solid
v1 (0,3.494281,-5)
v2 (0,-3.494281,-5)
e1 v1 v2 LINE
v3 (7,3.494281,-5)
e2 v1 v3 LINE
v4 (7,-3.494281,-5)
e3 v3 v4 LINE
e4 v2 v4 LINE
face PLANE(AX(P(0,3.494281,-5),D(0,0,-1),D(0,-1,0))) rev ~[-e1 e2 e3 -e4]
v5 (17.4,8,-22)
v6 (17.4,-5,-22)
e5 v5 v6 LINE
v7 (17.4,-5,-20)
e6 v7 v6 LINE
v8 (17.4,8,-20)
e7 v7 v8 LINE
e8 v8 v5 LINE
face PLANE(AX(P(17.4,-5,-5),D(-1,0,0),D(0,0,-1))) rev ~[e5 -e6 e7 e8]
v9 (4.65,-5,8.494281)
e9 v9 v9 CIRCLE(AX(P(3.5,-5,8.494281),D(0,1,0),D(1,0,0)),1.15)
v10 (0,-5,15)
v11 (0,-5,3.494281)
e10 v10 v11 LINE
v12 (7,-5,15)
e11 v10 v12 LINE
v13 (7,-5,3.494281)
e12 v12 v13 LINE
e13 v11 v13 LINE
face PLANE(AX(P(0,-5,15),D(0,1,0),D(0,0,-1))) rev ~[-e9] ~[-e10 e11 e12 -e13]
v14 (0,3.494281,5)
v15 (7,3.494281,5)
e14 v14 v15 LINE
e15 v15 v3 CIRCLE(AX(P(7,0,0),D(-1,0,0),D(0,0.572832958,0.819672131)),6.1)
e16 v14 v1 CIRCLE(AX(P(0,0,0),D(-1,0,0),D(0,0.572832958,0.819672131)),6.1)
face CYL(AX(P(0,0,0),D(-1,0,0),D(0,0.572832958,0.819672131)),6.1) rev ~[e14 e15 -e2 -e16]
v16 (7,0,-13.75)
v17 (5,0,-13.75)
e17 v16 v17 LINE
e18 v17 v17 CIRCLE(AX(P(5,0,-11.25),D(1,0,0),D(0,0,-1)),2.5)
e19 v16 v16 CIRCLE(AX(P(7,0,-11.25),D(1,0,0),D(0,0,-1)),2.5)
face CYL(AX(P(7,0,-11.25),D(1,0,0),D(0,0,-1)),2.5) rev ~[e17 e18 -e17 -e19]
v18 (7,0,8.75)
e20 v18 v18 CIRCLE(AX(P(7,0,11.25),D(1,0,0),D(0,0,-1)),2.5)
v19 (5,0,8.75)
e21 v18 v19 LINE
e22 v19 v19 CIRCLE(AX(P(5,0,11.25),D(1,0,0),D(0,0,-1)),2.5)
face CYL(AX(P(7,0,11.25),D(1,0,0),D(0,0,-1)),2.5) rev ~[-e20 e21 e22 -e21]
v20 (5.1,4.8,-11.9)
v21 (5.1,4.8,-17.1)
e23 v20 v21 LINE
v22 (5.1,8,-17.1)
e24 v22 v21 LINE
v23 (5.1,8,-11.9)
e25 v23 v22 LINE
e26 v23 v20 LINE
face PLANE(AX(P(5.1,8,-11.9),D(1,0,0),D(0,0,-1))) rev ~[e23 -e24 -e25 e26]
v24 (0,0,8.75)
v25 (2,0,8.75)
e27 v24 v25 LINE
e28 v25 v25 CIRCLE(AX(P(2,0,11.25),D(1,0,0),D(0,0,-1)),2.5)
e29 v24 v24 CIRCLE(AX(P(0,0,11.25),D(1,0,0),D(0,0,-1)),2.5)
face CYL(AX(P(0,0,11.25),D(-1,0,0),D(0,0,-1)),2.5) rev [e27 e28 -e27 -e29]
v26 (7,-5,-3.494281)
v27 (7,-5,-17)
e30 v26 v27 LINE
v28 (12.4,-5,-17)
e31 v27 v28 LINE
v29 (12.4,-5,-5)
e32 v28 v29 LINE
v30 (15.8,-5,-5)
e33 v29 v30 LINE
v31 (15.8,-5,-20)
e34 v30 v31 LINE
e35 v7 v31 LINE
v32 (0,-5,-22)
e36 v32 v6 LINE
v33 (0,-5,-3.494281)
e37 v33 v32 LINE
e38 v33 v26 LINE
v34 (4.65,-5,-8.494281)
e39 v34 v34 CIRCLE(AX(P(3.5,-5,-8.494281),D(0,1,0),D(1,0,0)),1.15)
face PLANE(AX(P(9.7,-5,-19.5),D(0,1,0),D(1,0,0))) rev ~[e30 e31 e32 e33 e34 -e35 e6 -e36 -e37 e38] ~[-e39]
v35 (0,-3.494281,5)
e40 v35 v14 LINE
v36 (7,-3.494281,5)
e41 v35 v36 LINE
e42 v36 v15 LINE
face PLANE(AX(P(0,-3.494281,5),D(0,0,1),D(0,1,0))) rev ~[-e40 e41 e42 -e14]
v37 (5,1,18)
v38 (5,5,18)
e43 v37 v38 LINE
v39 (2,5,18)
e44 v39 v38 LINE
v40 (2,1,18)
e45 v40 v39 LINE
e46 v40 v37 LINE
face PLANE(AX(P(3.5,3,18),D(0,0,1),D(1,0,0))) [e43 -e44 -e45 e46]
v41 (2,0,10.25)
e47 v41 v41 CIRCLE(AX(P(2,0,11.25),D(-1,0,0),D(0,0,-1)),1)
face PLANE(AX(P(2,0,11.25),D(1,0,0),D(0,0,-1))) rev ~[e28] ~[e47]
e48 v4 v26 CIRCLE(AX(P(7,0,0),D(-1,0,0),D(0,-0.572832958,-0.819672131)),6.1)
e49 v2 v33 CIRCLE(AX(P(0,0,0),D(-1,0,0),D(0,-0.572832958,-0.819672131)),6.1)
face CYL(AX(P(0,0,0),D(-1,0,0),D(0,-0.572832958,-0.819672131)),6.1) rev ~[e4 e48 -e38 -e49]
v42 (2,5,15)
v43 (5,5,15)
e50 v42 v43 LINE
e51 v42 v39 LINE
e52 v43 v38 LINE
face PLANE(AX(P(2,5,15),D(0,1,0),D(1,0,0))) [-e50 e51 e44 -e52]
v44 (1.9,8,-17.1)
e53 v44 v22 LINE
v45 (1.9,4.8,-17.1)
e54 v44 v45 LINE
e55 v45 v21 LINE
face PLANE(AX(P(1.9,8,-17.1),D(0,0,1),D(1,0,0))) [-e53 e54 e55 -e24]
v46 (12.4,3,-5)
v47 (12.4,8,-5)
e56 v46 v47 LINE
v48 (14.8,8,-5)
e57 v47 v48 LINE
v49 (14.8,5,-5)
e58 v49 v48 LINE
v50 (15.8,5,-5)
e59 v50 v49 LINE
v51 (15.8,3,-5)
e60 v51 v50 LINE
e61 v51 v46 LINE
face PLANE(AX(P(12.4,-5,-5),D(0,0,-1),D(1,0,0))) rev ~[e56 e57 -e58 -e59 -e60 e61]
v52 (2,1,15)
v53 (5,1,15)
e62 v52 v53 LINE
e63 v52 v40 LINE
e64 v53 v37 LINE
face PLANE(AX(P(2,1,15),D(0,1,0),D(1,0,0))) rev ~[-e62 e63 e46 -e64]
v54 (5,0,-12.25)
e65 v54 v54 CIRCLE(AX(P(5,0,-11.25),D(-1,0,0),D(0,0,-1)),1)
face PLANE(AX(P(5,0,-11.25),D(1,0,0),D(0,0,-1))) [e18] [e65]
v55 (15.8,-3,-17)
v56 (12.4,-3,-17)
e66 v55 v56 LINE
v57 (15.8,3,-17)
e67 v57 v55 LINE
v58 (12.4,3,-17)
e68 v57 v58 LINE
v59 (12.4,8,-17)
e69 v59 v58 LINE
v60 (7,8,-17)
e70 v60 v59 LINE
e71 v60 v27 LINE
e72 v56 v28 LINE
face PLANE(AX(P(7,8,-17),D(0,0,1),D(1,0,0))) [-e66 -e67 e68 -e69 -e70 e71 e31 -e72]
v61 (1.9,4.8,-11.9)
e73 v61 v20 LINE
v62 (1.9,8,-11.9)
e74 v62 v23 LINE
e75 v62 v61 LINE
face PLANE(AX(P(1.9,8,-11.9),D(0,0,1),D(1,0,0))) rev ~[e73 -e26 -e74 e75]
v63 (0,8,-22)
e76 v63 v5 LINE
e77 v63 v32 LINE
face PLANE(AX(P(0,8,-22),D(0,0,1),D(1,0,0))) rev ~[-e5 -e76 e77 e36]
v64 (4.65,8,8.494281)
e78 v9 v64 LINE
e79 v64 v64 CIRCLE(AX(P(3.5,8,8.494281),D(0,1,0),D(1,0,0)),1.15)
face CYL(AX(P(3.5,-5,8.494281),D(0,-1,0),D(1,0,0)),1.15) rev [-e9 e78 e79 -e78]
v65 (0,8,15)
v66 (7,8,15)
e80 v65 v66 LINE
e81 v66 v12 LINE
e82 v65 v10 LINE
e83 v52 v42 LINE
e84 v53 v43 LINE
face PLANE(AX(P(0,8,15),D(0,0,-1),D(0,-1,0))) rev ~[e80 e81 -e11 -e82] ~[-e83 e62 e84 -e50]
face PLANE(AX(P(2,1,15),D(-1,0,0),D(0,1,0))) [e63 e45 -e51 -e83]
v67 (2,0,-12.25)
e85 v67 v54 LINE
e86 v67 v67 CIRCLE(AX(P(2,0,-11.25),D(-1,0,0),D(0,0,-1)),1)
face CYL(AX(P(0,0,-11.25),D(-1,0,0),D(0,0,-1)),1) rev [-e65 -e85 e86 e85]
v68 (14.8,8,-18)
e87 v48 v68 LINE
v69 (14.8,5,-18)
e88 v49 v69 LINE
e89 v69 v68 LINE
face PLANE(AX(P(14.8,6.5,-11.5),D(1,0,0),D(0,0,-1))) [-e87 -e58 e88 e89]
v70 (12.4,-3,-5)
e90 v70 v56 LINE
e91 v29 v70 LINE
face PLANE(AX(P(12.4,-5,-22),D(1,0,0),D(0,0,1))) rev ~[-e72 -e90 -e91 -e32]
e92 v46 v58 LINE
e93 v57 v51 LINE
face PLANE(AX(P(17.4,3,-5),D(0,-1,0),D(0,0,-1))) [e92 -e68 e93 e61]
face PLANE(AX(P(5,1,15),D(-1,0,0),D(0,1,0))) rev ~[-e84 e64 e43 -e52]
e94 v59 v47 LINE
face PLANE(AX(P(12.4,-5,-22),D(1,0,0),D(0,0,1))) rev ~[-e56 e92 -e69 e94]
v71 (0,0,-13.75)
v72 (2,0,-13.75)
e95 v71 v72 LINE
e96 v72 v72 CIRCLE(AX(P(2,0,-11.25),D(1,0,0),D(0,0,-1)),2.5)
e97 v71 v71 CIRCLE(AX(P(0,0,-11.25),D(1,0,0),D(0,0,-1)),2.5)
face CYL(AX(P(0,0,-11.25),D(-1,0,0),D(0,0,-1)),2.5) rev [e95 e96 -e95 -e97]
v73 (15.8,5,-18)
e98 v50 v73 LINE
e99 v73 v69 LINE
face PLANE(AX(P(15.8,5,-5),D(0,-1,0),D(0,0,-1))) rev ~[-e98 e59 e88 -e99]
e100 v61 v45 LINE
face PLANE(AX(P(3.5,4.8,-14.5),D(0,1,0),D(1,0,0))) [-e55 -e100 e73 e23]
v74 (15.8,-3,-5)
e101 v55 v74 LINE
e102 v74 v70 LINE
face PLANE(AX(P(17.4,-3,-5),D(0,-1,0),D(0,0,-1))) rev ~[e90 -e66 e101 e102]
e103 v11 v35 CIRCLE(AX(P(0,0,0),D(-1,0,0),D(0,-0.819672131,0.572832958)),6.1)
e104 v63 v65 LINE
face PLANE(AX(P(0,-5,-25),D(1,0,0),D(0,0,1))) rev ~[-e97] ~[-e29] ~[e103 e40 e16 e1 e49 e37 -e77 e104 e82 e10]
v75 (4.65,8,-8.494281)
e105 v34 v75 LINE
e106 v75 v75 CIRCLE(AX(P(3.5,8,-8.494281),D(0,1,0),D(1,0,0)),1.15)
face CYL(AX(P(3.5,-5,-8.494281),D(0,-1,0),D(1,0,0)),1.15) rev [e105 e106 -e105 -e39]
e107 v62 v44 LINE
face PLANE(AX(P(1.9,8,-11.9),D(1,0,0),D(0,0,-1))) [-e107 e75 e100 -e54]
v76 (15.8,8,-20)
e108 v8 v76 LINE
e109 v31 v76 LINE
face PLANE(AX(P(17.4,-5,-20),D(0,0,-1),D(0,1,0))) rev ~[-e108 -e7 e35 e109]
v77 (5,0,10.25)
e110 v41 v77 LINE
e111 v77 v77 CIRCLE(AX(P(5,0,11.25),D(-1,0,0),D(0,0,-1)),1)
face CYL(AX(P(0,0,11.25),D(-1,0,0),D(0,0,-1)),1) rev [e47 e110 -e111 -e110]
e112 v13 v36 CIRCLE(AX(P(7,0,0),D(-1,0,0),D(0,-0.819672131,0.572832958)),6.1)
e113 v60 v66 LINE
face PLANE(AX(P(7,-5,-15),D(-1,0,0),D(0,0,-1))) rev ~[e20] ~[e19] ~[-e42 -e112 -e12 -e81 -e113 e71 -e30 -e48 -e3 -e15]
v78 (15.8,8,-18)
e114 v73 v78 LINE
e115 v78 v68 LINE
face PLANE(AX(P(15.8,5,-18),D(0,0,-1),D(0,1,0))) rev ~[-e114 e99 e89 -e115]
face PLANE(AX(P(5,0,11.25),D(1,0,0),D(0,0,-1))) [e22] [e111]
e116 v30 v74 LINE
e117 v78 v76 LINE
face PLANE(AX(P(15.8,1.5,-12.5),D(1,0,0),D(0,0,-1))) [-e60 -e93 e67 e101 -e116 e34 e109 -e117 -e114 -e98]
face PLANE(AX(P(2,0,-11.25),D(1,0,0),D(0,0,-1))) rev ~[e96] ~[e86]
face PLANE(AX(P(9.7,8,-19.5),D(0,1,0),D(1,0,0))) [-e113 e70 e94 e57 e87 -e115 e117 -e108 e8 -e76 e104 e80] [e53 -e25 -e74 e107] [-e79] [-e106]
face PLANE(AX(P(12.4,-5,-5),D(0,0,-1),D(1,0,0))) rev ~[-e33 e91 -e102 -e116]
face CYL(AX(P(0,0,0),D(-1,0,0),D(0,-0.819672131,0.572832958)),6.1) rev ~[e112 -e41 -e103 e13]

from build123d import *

# Parameters (mm, degrees)
SKETCH2_R           = 1
BOSS_EXTRUDE1_DEPTH = 7
CUT_EXTRUDE1_START  = -5
SKETCH3_R           = 1.15
CUT_EXTRUDE1_DEPTH  = 13
SKETCH5_R           = 2.5
CUT_EXTRUDE2_DEPTH  = 2
CUT_EXTRUDE3_START  = 7
SKETCH5_2_R         = 2.5
CUT_EXTRUDE3_DEPTH  = 2
BOSS_EXTRUDE2_START = -5
BOSS_EXTRUDE2_DEPTH = 13
CUT_EXTRUDE4_START  = 17.4
SKETCH7_W           = 12
SKETCH7_H           = 6
CUT_EXTRUDE4_DEPTH  = 6
CUT_EXTRUDE5_START  = 17.4
SKETCH8_W           = 15
SKETCH8_H           = 13
CUT_EXTRUDE5_DEPTH  = 1.6
CUT_EXTRUDE6_START  = 15.8
SKETCH9_W           = 13
SKETCH9_H           = 3
CUT_EXTRUDE6_DEPTH  = 1
BOSS_EXTRUDE3_START = 8
SKETCH10_W          = 5.4
SKETCH10_H          = 5
BOSS_EXTRUDE3_DEPTH = 13
CUT_EXTRUDE7_START  = 8
SKETCH11_W          = 17.4
SKETCH11_H          = 3
CUT_EXTRUDE7_DEPTH  = 13
BOSS_EXTRUDE4_START = 15
SKETCH12_W          = 3
SKETCH12_H          = 4
BOSS_EXTRUDE4_DEPTH = 3
CUT_EXTRUDE8_START  = 8
SKETCH13_W          = 3.2
SKETCH13_H          = 5.2
CUT_EXTRUDE8_DEPTH  = 3.2


with BuildPart() as part:
    # Sketch2 → Boss-Extrude1 (new body)
    with BuildSketch(Plane(origin=(0, 0, 0), x_dir=(0, 0, -1), z_dir=(1, 0, 0))):
        with BuildLine():
            Line((3.494281042, -5), (15, -5))
            Line((15, -5), (15, 8))
            Line((15, 8), (-15, 8))
            Line((-15, 8), (-15, -5))
            Line((-15, -5), (-3.494281042, -5))
            ThreePointArc((-3.494281042, -5), (-4.313351365, -4.313351365), (-5, -3.494281042))
            Line((-5, -3.494281042), (-5, 3.494281042))
            ThreePointArc((-5, 3.494281042), (0, 6.1), (5, 3.494281042))
            Line((5, 3.494281042), (5, -3.494281042))
            ThreePointArc((5, -3.494281042), (4.313351365, -4.313351365), (3.494281042, -5))
        make_face()
        with Locations((-11.25, 0)):
            Circle(SKETCH2_R, mode=Mode.SUBTRACT)
        with Locations((11.25, 0)):
            Circle(SKETCH2_R, mode=Mode.SUBTRACT)
    extrude(amount=BOSS_EXTRUDE1_DEPTH)

    # Sketch3 → Cut-Extrude1 (cut)
    with BuildSketch(Plane(origin=(0, 0, 0), x_dir=(1, 0, 0), z_dir=(0, 1, 0)).offset(CUT_EXTRUDE1_START)):
        with Locations((3.5, 8.494281042)):
            Circle(SKETCH3_R)
        with Locations((3.5, -8.494281042)):
            Circle(SKETCH3_R)
    extrude(amount=CUT_EXTRUDE1_DEPTH, mode=Mode.SUBTRACT)

    # Sketch5 → Cut-Extrude2 (cut)
    with BuildSketch(Plane(origin=(0, 0, 0), x_dir=(0, 0, -1), z_dir=(1, 0, 0))):
        with Locations((11.25, 0)):
            Circle(SKETCH5_R)
        with Locations((-11.25, 0)):
            Circle(SKETCH5_R)
    extrude(amount=CUT_EXTRUDE2_DEPTH, mode=Mode.SUBTRACT)

    # Sketch5<2> → Cut-Extrude3 (cut)
    with BuildSketch(Plane(origin=(0, 0, 0), x_dir=(0, 0, -1), z_dir=(1, 0, 0)).offset(CUT_EXTRUDE3_START)):
        with Locations((11.25, 0)):
            Circle(SKETCH5_2_R)
        with Locations((-11.25, 0)):
            Circle(SKETCH5_2_R)
    extrude(amount=-CUT_EXTRUDE3_DEPTH, mode=Mode.SUBTRACT)

    # Sketch6 → Boss-Extrude2 (add)
    with BuildSketch(Plane(origin=(0, 0, 0), x_dir=(1, 0, 0), z_dir=(0, 1, 0)).offset(BOSS_EXTRUDE2_START)):
        Polygon((0, 15), (7, 15), (7, 22), (12.4, 22), (12.4, 5), (17.4, 5), (17.4, 25), (0, 25), align=None)
    extrude(amount=BOSS_EXTRUDE2_DEPTH)

    # Sketch7 → Cut-Extrude4 (cut)
    with BuildSketch(Plane(origin=(0, 0, 0), x_dir=(0, 0, -1), z_dir=(1, 0, 0)).offset(CUT_EXTRUDE4_START)):
        with Locations((11, 0)):
            Rectangle(SKETCH7_W, SKETCH7_H)
    extrude(amount=-CUT_EXTRUDE4_DEPTH, mode=Mode.SUBTRACT)

    # Sketch8 → Cut-Extrude5 (cut)
    with BuildSketch(Plane(origin=(0, 0, 0), x_dir=(0, 0, -1), z_dir=(1, 0, 0)).offset(CUT_EXTRUDE5_START)):
        with Locations((12.5, 1.5)):
            Rectangle(SKETCH8_W, SKETCH8_H)
    extrude(amount=-CUT_EXTRUDE5_DEPTH, mode=Mode.SUBTRACT)

    # Sketch9 → Cut-Extrude6 (cut)
    with BuildSketch(Plane(origin=(0, 0, 0), x_dir=(0, 0, -1), z_dir=(1, 0, 0)).offset(CUT_EXTRUDE6_START)):
        with Locations((11.5, 6.5)):
            Rectangle(SKETCH9_W, SKETCH9_H)
    extrude(amount=-CUT_EXTRUDE6_DEPTH, mode=Mode.SUBTRACT)

    # Sketch10 → Boss-Extrude3 (add)
    with BuildSketch(Plane(origin=(0, 0, 0), x_dir=(1, 0, 0), z_dir=(0, 1, 0)).offset(BOSS_EXTRUDE3_START)):
        with Locations((9.7, 19.5)):
            Rectangle(SKETCH10_W, SKETCH10_H)
    extrude(amount=-BOSS_EXTRUDE3_DEPTH)

    # Sketch11 → Cut-Extrude7 (cut)
    with BuildSketch(Plane(origin=(0, 0, 0), x_dir=(1, 0, 0), z_dir=(0, 1, 0)).offset(CUT_EXTRUDE7_START)):
        with Locations((8.7, 23.5)):
            Rectangle(SKETCH11_W, SKETCH11_H)
    extrude(amount=-CUT_EXTRUDE7_DEPTH, mode=Mode.SUBTRACT)

    # Sketch12 → Boss-Extrude4 (add)
    with BuildSketch(Plane.XY.offset(BOSS_EXTRUDE4_START)):
        with Locations((3.5, 3)):
            Rectangle(SKETCH12_W, SKETCH12_H)
    extrude(amount=BOSS_EXTRUDE4_DEPTH)

    # Sketch13 → Cut-Extrude8 (cut)
    with BuildSketch(Plane(origin=(0, 0, 0), x_dir=(1, 0, 0), z_dir=(0, 1, 0)).offset(CUT_EXTRUDE8_START)):
        with Locations((3.5, 14.5)):
            Rectangle(SKETCH13_W, SKETCH13_H)
    extrude(amount=-CUT_EXTRUDE8_DEPTH, mode=Mode.SUBTRACT)


solid = part.part
